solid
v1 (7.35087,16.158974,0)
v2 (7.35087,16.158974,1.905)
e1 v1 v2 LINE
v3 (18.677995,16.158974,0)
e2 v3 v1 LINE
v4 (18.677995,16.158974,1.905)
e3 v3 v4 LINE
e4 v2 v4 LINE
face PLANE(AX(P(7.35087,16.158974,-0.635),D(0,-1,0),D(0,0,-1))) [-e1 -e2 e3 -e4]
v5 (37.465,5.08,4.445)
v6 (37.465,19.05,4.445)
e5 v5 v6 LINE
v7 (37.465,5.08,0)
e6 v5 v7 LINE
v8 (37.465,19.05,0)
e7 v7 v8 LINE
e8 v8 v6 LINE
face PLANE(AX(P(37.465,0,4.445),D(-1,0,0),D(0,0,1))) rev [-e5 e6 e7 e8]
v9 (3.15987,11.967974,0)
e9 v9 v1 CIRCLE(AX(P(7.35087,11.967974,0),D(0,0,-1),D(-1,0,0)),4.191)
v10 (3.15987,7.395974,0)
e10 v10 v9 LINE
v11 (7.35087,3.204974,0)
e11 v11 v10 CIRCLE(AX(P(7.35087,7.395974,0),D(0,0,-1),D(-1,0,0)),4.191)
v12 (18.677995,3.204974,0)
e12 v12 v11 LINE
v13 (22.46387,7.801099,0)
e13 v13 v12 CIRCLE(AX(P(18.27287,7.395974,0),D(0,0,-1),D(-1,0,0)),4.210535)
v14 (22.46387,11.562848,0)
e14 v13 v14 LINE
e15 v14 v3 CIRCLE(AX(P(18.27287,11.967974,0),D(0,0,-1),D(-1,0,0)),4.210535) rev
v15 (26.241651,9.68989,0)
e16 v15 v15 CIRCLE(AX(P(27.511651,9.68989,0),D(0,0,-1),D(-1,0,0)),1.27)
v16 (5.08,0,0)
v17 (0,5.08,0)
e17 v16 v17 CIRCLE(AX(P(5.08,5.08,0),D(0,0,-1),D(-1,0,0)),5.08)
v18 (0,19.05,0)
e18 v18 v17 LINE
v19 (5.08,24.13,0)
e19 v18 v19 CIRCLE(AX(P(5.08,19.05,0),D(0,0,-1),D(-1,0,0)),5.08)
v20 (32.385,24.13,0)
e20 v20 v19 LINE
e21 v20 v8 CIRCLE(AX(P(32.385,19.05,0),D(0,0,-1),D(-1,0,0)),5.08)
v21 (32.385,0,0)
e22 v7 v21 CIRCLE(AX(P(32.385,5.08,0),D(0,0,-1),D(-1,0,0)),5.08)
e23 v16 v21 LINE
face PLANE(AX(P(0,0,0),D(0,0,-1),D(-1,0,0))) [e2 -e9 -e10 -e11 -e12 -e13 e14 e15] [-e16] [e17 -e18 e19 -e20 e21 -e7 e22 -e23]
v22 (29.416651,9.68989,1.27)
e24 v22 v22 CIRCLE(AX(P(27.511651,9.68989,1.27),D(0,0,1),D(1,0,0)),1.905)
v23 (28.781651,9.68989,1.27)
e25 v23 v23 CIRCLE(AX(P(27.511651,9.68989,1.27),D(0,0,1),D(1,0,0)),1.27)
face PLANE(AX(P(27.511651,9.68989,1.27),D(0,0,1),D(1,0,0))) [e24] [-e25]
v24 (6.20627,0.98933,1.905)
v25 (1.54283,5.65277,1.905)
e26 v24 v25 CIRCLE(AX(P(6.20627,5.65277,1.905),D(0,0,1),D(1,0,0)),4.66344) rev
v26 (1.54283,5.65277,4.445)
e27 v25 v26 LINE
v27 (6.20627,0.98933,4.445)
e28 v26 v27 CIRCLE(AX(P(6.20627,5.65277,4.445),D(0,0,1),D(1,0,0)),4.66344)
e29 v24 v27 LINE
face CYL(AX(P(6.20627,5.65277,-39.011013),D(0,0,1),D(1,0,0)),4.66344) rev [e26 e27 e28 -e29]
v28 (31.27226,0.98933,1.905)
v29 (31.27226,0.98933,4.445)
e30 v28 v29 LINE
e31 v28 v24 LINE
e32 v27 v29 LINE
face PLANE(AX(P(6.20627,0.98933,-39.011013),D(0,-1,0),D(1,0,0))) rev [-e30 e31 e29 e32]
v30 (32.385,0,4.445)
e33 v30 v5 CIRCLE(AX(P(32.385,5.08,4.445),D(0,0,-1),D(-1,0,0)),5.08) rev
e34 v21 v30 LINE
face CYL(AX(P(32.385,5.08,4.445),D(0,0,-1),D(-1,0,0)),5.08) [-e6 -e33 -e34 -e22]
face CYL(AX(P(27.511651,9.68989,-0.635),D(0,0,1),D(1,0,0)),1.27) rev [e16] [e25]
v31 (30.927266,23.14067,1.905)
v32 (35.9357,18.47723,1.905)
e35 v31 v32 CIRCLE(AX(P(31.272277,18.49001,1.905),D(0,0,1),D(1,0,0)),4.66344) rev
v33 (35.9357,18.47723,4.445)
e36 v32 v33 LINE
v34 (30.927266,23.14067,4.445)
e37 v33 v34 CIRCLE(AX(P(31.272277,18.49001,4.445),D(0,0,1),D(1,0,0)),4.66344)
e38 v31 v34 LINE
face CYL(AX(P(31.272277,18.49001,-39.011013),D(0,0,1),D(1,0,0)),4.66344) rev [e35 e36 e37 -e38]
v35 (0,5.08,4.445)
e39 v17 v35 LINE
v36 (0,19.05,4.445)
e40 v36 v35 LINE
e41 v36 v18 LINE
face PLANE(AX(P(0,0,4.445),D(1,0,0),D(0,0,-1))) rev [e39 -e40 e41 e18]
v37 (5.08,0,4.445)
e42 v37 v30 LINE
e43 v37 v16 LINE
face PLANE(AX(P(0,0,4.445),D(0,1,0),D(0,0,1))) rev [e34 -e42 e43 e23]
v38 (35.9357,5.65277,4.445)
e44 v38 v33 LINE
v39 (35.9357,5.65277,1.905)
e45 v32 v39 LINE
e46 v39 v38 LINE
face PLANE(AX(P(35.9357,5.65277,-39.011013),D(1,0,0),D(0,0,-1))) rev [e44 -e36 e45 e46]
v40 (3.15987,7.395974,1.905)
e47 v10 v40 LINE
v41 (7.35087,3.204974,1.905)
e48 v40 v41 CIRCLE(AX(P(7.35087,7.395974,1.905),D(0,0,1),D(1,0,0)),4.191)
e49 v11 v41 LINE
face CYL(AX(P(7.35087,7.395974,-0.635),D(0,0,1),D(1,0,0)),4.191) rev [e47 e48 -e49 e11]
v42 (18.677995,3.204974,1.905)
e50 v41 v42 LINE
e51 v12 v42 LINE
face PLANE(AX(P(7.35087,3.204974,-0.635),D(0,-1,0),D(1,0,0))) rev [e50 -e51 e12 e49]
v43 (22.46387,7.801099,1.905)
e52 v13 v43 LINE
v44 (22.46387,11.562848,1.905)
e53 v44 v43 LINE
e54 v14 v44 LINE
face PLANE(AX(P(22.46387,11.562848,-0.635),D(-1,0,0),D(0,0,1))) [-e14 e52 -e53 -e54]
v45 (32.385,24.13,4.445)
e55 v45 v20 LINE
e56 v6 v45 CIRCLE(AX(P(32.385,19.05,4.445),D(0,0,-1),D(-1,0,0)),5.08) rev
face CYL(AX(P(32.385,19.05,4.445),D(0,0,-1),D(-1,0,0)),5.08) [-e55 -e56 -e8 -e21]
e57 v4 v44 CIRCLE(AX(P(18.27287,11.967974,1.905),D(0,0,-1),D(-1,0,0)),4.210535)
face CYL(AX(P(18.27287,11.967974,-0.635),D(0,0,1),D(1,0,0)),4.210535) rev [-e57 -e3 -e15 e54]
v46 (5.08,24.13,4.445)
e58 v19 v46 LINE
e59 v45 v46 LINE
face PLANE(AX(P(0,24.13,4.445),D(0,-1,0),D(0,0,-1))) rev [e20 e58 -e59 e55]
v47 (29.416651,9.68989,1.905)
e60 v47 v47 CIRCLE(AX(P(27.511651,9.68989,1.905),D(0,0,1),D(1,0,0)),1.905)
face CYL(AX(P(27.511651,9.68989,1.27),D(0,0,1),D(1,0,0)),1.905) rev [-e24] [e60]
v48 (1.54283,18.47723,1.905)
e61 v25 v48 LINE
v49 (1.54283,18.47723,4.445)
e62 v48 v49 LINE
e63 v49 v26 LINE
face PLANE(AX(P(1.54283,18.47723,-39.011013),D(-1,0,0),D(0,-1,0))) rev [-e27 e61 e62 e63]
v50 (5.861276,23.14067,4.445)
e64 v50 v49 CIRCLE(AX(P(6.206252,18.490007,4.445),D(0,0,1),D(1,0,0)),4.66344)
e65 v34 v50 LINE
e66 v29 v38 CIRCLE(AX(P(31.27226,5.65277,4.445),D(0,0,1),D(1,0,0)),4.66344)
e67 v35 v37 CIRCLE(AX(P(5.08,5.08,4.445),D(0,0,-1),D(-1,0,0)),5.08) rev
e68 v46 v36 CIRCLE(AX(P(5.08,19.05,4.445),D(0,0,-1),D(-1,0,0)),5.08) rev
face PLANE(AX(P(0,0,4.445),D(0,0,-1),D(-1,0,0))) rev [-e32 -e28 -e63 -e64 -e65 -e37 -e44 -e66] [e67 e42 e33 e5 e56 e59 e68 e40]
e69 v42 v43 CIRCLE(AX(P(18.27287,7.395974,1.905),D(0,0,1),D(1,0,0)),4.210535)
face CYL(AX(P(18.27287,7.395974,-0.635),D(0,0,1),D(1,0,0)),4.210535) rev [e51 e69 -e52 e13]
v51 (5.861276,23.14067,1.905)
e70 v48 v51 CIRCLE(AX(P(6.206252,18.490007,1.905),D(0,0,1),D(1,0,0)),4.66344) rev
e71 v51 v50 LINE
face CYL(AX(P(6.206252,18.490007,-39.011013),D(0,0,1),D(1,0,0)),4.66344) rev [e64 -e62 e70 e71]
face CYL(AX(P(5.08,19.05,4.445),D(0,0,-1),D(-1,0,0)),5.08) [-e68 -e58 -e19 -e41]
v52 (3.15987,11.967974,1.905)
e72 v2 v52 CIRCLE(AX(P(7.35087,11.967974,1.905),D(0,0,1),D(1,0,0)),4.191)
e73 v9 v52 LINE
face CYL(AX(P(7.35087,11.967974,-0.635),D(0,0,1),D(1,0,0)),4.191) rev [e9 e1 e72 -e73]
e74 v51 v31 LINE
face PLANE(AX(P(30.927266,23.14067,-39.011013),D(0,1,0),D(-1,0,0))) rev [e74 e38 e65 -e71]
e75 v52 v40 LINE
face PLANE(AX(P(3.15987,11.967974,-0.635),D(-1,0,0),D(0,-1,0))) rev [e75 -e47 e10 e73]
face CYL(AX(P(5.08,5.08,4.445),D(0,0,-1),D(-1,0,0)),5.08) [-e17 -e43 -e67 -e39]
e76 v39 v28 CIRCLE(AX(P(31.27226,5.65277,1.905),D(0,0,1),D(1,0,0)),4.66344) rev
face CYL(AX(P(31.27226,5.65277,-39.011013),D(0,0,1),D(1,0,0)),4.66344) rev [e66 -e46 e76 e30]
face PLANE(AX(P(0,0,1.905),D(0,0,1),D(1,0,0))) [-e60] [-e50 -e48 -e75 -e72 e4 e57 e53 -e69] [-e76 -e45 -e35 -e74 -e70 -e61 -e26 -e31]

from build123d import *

# Parameters (mm, degrees)
SKETCH1_W           = 37.465
SKETCH1_H           = 24.13
BOSS_EXTRUDE1_DEPTH = 4.445
CUT_EXTRUDE2_DEPTH  = 2.54
FILLET1_R           = 5.08
CUT_EXTRUDE4_DEPTH  = 2.54
SKETCH4_R           = 1.27
CUT_EXTRUDE5_DEPTH  = 2.54
SKETCH5_R           = 1.905
SKETCH5_R_2         = 1.27
CUT_EXTRUDE6_DEPTH  = 0.635
CUT_EXTRUDE7_DEPTH  = 2.54


with BuildPart() as part:
    # Sketch1 → Boss-Extrude1 (new body)
    with BuildSketch(Plane.XY):
        with Locations((18.7325, 12.065)):
            Rectangle(SKETCH1_W, SKETCH1_H)
    extrude(amount=BOSS_EXTRUDE1_DEPTH)

    # Sketch2 → Cut-Extrude2 (cut)
    # profile 1 of 4: a face of its own
    with BuildSketch(Plane.XY.offset(4.445)):
        with BuildLine():
            Line((35.59175, 5.7785), (35.59175, 12.065))
            Line((35.59175, 12.065), (35.59175, 18.3515))
            ThreePointArc((35.59175, 18.3515), (34.135361545, 21.710109865), (30.681521372, 22.9235))
            Line((30.681521372, 22.9235), (18.7325, 22.9235))
            Line((18.7325, 22.9235), (6.107021372, 22.9235))
            ThreePointArc((6.107021372, 22.9235), (3.090639267, 21.470453234), (1.87325, 18.3515))
            Line((1.87325, 18.3515), (1.87325, 12.065))
            Line((1.87325, 12.065), (1.87325, 5.7785))
            ThreePointArc((1.87325, 5.7785), (3.212357796, 2.545607796), (6.44525, 1.2065))
            Line((6.44525, 1.2065), (18.7325, 1.2065))
            Line((18.7325, 1.2065), (31.01975, 1.2065))
            ThreePointArc((31.01975, 1.2065), (34.252642204, 2.545607796), (35.59175, 5.7785))
        make_face()
        with BuildLine():
            ThreePointArc((7.493, 3.175), (4.439712919, 4.439712919), (3.175, 7.493))
            Line((3.175, 7.493), (3.175, 16.637))
            ThreePointArc((3.175, 16.637), (4.317872951, 19.576666289), (7.154771372, 20.955))
            Line((7.154771372, 20.955), (7.493, 20.955))
            Line((7.493, 20.955), (29.633771372, 20.955))
            ThreePointArc((29.633771372, 20.955), (32.908147923, 19.81638289), (34.29, 16.637))
            Line((34.29, 16.637), (34.29, 7.493))
            ThreePointArc((34.29, 7.493), (33.025287081, 4.439712919), (29.972, 3.175))
            Line((29.972, 3.175), (7.493, 3.175))
        make_face(mode=Mode.SUBTRACT)
    # profile 2 of 4: a face of its own
    with BuildSketch(Plane.XY.offset(4.445)):
        with BuildLine():
            ThreePointArc((3.175, 16.637), (4.439712919, 19.690287081), (7.493, 20.955))
            Line((7.493, 20.955), (29.972, 20.955))
            ThreePointArc((29.972, 20.955), (33.025287081, 19.690287081), (34.29, 16.637))
            Line((34.29, 16.637), (34.29, 7.493))
            ThreePointArc((34.29, 7.493), (33.025287081, 4.439712919), (29.972, 3.175))
            Line((29.972, 3.175), (7.493, 3.175))
            ThreePointArc((7.493, 3.175), (4.439712919, 4.439712919), (3.175, 7.493))
            Line((3.175, 7.493), (3.175, 16.637))
        make_face()
    # profile 3 of 4: a face of its own
    with BuildSketch(Plane.XY.offset(4.445)):
        with BuildLine():
            ThreePointArc((7.154771372, 20.955), (4.317872951, 19.576666289), (3.175, 16.637))
            ThreePointArc((3.175, 16.637), (4.439712919, 19.690287081), (7.493, 20.955))
            Line((7.493, 20.955), (7.154771372, 20.955))
        make_face()
    # profile 4 of 4: a face of its own
    with BuildSketch(Plane.XY.offset(4.445)):
        with BuildLine():
            ThreePointArc((34.29, 16.637), (32.908147923, 19.81638289), (29.633771372, 20.955))
            Line((29.633771372, 20.955), (29.972, 20.955))
            ThreePointArc((29.972, 20.955), (33.025287081, 19.690287081), (34.29, 16.637))
        make_face()
    extrude(amount=-CUT_EXTRUDE2_DEPTH, mode=Mode.SUBTRACT)

    # Fillet1
    fillet1_edges = [part.edges().sort_by_distance(p)[0] for p in [
        (0, 24.13, 2.2225),
        (37.465, 24.13, 2.2225),
        (37.465, 0, 2.2225),
        (0, 0, 2.2225),
    ]]
    fillet(fillet1_edges, radius=FILLET1_R)

    # Sketch3 → Cut-Extrude4 (cut)
    with BuildSketch(Plane.XY.offset(1.905)):
        with BuildLine():
            Line((7.350869654, 16.158973759), (18.677995313, 16.158973759))
            ThreePointArc((18.677995313, 16.158973759), (21.522821275, 14.644991178), (22.463869654, 11.5628481))
            Line((22.463869654, 11.5628481), (22.463869654, 7.801099417))
            ThreePointArc((22.463869654, 7.801099417), (21.522821275, 4.718956339), (18.677995313, 3.204973759))
            Line((18.677995313, 3.204973759), (7.350869654, 3.204973759))
            ThreePointArc((7.350869654, 3.204973759), (4.387385134, 4.432489239), (3.159869654, 7.395973759))
            Line((3.159869654, 7.395973759), (3.159869654, 11.967973759))
            ThreePointArc((3.159869654, 11.967973759), (4.387385134, 14.931458278), (7.350869654, 16.158973759))
        make_face()
    extrude(amount=-CUT_EXTRUDE4_DEPTH, mode=Mode.SUBTRACT)

    # Sketch4 → Cut-Extrude5 (cut)
    with BuildSketch(Plane.XY.offset(1.905)):
        with Locations((27.511650569, 9.68988988)):
            Circle(SKETCH4_R)
    extrude(amount=-CUT_EXTRUDE5_DEPTH, mode=Mode.SUBTRACT)

    # Sketch5 → Cut-Extrude6 (cut)
    with BuildSketch(Plane.XY.offset(1.905)):
        with Locations((27.511650569, 9.68988988)):
            Circle(SKETCH5_R)
        with Locations((27.511650569, 9.68988988)):
            Circle(SKETCH5_R_2, mode=Mode.SUBTRACT)
    extrude(amount=-CUT_EXTRUDE6_DEPTH, mode=Mode.SUBTRACT)

    # Sketch6 → Cut-Extrude7 (cut)
    with BuildSketch(Plane.XY.offset(4.445)):
        with BuildLine():
            Line((1.542829573, 18.47723), (1.542829573, 5.65277))
            ThreePointArc((1.542829573, 5.65277), (2.908719525, 2.355219952), (6.206269573, 0.98933))
            Line((6.206269573, 0.98933), (31.272259573, 0.98933))
            ThreePointArc((31.272259573, 0.98933), (34.56980962, 2.355219952), (35.935699573, 5.65277))
            Line((35.935699573, 5.65277), (35.935699573, 18.47723))
            ThreePointArc((35.935699573, 18.47723), (34.450183348, 21.903012063), (30.927266372, 23.14067))
            Line((30.927266372, 23.14067), (5.861276372, 23.14067))
            ThreePointArc((5.861276372, 23.14067), (2.784566625, 21.658562299), (1.542829573, 18.47723))
        make_face()
        with BuildLine():
            Line((6.44525, 1.2065), (31.01975, 1.2065))
            ThreePointArc((31.01975, 1.2065), (34.252642204, 2.545607796), (35.59175, 5.7785))
            Line((35.59175, 5.7785), (35.59175, 18.3515))
            ThreePointArc((35.59175, 18.3515), (34.135361545, 21.710109865), (30.681521372, 22.9235))
            Line((30.681521372, 22.9235), (6.107021372, 22.9235))
            ThreePointArc((6.107021372, 22.9235), (3.090639267, 21.470453234), (1.87325, 18.3515))
            Line((1.87325, 18.3515), (1.87325, 5.7785))
            ThreePointArc((1.87325, 5.7785), (3.212357796, 2.545607796), (6.44525, 1.2065))
        make_face(mode=Mode.SUBTRACT)
    extrude(amount=-CUT_EXTRUDE7_DEPTH, mode=Mode.SUBTRACT)


solid = part.part
